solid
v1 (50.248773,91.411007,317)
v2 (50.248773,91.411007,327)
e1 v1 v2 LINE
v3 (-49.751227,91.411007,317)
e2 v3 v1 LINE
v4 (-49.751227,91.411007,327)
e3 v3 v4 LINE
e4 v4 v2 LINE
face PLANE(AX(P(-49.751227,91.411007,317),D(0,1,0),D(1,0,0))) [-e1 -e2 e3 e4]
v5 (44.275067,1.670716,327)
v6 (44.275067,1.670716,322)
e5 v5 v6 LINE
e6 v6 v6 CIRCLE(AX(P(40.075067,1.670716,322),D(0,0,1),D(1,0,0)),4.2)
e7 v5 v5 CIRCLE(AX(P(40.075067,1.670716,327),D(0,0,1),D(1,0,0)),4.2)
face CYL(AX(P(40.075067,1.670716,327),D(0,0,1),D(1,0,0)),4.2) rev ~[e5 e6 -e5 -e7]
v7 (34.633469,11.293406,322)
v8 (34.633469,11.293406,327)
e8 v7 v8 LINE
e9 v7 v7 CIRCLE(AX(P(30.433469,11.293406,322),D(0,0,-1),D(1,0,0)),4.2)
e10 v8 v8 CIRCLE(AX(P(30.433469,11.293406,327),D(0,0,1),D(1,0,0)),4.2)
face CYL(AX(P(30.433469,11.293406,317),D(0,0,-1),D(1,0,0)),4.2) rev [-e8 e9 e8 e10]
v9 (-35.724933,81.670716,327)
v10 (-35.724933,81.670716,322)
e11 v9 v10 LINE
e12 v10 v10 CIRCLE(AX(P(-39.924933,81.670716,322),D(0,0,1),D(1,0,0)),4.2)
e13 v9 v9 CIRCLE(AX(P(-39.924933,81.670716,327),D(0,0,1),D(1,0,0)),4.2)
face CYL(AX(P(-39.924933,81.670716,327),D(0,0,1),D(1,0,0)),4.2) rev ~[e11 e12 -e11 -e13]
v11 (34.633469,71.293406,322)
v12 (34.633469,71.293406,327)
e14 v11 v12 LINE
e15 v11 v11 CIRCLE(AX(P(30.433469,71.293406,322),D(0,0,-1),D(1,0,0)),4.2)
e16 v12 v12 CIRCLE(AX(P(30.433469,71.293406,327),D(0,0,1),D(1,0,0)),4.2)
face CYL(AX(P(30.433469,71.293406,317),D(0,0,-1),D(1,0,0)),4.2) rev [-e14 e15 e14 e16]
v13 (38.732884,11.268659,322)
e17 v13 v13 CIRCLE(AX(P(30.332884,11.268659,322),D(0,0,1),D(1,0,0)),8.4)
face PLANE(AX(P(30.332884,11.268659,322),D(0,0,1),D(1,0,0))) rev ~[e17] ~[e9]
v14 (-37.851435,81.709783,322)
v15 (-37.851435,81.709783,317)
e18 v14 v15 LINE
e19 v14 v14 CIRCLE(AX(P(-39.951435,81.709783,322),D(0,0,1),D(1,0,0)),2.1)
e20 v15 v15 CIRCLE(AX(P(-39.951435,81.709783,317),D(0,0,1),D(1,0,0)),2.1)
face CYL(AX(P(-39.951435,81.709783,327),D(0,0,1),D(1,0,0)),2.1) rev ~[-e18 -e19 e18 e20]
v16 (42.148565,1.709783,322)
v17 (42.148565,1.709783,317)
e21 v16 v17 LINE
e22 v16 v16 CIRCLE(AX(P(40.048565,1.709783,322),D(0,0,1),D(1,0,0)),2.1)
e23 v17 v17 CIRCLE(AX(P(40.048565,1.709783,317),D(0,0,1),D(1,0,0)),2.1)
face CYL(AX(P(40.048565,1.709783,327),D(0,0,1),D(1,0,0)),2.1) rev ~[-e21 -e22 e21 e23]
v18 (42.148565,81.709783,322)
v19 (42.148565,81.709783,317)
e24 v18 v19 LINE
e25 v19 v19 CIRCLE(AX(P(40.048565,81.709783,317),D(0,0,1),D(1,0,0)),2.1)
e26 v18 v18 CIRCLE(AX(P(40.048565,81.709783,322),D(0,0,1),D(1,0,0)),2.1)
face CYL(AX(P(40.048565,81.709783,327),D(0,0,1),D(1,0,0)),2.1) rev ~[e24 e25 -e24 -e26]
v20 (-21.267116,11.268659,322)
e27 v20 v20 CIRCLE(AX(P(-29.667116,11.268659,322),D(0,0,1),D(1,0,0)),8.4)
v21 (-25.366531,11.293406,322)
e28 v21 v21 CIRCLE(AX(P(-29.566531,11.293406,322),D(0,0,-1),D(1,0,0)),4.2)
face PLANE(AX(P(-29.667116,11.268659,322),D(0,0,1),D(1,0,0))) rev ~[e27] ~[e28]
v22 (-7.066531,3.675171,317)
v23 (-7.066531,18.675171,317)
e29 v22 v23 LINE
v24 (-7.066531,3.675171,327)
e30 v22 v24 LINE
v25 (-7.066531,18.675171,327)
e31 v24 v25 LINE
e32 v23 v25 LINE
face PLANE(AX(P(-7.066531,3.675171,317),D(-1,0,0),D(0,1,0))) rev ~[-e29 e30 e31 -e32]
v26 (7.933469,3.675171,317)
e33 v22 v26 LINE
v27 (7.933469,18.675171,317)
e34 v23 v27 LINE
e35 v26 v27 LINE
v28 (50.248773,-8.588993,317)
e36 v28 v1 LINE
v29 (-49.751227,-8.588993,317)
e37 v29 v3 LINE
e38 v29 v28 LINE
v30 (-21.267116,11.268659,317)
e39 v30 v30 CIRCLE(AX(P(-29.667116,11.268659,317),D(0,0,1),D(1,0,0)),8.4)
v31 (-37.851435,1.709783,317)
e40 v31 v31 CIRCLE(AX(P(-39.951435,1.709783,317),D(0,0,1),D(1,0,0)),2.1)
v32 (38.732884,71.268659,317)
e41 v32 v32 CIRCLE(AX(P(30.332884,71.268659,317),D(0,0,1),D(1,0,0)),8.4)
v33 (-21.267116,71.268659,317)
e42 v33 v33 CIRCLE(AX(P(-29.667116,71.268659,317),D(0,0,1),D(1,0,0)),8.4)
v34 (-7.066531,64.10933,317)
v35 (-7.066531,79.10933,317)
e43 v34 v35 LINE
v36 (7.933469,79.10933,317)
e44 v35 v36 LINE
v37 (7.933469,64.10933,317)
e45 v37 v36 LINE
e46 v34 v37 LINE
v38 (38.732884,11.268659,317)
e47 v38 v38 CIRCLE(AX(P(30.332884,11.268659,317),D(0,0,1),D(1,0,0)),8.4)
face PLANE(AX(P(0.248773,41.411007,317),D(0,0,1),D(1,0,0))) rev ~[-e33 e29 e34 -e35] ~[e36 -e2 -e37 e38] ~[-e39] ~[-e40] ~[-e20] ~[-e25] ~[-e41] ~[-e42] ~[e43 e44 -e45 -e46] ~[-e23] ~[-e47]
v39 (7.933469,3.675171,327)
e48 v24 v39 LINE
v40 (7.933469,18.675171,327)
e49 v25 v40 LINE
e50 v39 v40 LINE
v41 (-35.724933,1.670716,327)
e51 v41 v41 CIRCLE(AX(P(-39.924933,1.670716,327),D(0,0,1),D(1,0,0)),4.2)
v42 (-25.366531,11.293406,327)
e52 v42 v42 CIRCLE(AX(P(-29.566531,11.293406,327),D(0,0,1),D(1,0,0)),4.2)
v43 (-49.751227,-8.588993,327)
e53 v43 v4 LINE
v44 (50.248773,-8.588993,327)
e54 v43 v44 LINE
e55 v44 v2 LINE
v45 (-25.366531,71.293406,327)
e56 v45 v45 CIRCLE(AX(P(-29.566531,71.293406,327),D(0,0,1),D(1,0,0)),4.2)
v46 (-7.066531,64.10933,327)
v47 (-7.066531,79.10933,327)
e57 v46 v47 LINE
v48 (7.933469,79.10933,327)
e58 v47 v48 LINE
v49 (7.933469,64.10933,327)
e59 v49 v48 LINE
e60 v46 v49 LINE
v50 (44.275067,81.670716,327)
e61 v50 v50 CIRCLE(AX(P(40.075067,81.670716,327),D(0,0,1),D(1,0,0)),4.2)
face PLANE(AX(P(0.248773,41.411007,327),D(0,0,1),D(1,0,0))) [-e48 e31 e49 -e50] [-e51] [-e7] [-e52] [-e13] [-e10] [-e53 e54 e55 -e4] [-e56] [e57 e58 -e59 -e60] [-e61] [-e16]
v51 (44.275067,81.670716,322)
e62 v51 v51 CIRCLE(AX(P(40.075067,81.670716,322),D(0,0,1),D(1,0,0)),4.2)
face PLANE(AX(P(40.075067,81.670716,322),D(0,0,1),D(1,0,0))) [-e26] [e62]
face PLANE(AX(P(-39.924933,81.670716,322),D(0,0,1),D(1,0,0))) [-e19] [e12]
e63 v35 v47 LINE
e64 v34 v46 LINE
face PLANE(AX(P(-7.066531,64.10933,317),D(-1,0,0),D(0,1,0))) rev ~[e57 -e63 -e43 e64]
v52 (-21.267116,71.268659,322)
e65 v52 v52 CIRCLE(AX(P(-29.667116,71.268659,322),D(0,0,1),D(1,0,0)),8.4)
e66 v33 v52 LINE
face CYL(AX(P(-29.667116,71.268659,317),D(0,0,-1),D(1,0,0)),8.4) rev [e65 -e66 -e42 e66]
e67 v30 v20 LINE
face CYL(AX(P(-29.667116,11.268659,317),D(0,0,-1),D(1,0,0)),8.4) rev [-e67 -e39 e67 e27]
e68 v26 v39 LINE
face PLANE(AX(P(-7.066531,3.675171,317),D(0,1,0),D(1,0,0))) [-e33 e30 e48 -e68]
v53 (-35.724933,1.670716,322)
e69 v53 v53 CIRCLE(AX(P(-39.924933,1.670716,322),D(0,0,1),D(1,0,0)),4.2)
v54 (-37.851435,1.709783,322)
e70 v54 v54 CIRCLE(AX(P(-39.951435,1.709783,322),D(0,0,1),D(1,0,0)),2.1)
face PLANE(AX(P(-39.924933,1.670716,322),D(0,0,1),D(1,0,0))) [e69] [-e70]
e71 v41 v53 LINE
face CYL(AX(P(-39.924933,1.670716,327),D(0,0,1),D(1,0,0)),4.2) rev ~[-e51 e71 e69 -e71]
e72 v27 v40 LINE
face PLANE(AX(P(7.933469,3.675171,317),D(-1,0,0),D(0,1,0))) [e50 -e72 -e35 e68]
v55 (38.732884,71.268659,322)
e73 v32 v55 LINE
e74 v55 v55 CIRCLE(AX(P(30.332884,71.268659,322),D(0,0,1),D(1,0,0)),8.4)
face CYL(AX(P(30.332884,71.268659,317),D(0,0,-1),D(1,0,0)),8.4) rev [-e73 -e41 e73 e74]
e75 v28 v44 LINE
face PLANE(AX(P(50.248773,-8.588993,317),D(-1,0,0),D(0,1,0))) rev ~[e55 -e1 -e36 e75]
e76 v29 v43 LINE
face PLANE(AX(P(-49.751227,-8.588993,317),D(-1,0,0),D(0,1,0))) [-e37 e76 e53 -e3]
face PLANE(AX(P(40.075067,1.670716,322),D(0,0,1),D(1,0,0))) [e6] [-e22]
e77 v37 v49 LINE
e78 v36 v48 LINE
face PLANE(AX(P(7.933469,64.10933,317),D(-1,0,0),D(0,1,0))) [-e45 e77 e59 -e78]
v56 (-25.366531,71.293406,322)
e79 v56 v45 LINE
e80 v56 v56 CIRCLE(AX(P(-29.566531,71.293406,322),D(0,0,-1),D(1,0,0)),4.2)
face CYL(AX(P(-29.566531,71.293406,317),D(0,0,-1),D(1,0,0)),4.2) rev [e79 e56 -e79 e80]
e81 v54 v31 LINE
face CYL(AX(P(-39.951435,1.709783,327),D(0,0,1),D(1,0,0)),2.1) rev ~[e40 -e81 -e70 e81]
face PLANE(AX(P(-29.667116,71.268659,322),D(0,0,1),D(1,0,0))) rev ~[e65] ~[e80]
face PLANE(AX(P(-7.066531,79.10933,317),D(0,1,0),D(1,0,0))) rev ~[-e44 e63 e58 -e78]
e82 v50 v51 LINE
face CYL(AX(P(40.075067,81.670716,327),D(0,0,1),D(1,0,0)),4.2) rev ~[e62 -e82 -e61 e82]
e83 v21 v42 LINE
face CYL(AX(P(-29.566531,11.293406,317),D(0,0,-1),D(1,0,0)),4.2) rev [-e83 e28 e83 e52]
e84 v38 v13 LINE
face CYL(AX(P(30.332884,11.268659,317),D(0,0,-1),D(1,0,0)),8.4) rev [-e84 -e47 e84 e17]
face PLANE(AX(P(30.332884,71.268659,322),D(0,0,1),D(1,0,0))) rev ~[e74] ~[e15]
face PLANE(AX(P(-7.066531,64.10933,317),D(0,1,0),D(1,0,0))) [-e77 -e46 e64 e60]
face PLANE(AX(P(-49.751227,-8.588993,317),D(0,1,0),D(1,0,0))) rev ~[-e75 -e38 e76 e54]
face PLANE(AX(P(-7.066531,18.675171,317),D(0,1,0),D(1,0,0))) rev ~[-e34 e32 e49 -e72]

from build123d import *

# Parameters (mm, degrees)
SKETCH044_W     = 100
SKETCH044_H     = 100
PAD009_DEPTH    = 10
SKETCH047_R     = 2.1
POCKET036_DEPTH = 10
SKETCH048_R     = 4.2
POCKET037_DEPTH = 5
SKETCH045_R     = 4.2
SKETCH045_W     = 15
SKETCH045_H     = 15
POCKET038_DEPTH = 10
SKETCH046_R     = 8.4
POCKET039_DEPTH = 5


with BuildPart() as part:
    # Sketch044 → Pad009 (new body)
    with BuildSketch(Plane.XY):
        with Locations((278.148773, 55.911007)):
            Rectangle(SKETCH044_W, SKETCH044_H)
    extrude(amount=PAD009_DEPTH)

    # Sketch047 → Pocket036 (cut)
    with BuildSketch(Plane.XY.offset(10)):
        with Locations((237.948565, 96.209783)):
            Circle(SKETCH047_R)
        with Locations((317.948565, 96.209783)):
            Circle(SKETCH047_R)
        with Locations((237.948565, 16.209783)):
            Circle(SKETCH047_R)
        with Locations((317.948565, 16.209783)):
            Circle(SKETCH047_R)
    extrude(amount=-POCKET036_DEPTH, mode=Mode.SUBTRACT)

    # Sketch048 (on Face5 of Pocket036) → Pocket037 (cut)
    with BuildSketch(Plane.XY.offset(10)):
        with Locations((237.975067, 96.170716)):
            Circle(SKETCH048_R)
        with Locations((317.975067, 96.170716)):
            Circle(SKETCH048_R)
        with Locations((237.975067, 16.170716)):
            Circle(SKETCH048_R)
        with Locations((317.975067, 16.170716)):
            Circle(SKETCH048_R)
    extrude(amount=-POCKET037_DEPTH, mode=Mode.SUBTRACT)

    # Sketch045 → Pocket038 (cut)
    with BuildSketch(Plane(origin=(-36, -54, 0), x_dir=(1, 0, 0), z_dir=(0, 0, 1))):
        with Locations((284.333469, 139.793406)):
            Circle(SKETCH045_R)
        with Locations((344.333469, 139.793406)):
            Circle(SKETCH045_R)
        with Locations((284.333469, 79.793406)):
            Circle(SKETCH045_R)
        with Locations((344.333469, 79.793406)):
            Circle(SKETCH045_R)
        with Locations((314.333469, 140.10933)):
            Rectangle(SKETCH045_W, SKETCH045_H)
        with Locations((314.333469, 79.675171)):
            Rectangle(SKETCH045_W, SKETCH045_H)
    extrude(amount=POCKET038_DEPTH, mode=Mode.SUBTRACT)

    # Sketch046 → Pocket039 (cut)
    with BuildSketch(Plane(origin=(-36, -54, 0), x_dir=(1, 0, 0), z_dir=(0, 0, 1))):
        with Locations((284.232884, 139.768659)):
            Circle(SKETCH046_R)
        with Locations((344.232884, 139.768659)):
            Circle(SKETCH046_R)
        with Locations((284.232884, 79.768659)):
            Circle(SKETCH046_R)
        with Locations((344.232884, 79.768659)):
            Circle(SKETCH046_R)
    extrude(amount=POCKET039_DEPTH, mode=Mode.SUBTRACT)


with BuildPart() as part_1:
    # Body005 placement: moved
    add(part.part.moved(Location((-277.9, -14.5, 317))))


solid = part_1.part
